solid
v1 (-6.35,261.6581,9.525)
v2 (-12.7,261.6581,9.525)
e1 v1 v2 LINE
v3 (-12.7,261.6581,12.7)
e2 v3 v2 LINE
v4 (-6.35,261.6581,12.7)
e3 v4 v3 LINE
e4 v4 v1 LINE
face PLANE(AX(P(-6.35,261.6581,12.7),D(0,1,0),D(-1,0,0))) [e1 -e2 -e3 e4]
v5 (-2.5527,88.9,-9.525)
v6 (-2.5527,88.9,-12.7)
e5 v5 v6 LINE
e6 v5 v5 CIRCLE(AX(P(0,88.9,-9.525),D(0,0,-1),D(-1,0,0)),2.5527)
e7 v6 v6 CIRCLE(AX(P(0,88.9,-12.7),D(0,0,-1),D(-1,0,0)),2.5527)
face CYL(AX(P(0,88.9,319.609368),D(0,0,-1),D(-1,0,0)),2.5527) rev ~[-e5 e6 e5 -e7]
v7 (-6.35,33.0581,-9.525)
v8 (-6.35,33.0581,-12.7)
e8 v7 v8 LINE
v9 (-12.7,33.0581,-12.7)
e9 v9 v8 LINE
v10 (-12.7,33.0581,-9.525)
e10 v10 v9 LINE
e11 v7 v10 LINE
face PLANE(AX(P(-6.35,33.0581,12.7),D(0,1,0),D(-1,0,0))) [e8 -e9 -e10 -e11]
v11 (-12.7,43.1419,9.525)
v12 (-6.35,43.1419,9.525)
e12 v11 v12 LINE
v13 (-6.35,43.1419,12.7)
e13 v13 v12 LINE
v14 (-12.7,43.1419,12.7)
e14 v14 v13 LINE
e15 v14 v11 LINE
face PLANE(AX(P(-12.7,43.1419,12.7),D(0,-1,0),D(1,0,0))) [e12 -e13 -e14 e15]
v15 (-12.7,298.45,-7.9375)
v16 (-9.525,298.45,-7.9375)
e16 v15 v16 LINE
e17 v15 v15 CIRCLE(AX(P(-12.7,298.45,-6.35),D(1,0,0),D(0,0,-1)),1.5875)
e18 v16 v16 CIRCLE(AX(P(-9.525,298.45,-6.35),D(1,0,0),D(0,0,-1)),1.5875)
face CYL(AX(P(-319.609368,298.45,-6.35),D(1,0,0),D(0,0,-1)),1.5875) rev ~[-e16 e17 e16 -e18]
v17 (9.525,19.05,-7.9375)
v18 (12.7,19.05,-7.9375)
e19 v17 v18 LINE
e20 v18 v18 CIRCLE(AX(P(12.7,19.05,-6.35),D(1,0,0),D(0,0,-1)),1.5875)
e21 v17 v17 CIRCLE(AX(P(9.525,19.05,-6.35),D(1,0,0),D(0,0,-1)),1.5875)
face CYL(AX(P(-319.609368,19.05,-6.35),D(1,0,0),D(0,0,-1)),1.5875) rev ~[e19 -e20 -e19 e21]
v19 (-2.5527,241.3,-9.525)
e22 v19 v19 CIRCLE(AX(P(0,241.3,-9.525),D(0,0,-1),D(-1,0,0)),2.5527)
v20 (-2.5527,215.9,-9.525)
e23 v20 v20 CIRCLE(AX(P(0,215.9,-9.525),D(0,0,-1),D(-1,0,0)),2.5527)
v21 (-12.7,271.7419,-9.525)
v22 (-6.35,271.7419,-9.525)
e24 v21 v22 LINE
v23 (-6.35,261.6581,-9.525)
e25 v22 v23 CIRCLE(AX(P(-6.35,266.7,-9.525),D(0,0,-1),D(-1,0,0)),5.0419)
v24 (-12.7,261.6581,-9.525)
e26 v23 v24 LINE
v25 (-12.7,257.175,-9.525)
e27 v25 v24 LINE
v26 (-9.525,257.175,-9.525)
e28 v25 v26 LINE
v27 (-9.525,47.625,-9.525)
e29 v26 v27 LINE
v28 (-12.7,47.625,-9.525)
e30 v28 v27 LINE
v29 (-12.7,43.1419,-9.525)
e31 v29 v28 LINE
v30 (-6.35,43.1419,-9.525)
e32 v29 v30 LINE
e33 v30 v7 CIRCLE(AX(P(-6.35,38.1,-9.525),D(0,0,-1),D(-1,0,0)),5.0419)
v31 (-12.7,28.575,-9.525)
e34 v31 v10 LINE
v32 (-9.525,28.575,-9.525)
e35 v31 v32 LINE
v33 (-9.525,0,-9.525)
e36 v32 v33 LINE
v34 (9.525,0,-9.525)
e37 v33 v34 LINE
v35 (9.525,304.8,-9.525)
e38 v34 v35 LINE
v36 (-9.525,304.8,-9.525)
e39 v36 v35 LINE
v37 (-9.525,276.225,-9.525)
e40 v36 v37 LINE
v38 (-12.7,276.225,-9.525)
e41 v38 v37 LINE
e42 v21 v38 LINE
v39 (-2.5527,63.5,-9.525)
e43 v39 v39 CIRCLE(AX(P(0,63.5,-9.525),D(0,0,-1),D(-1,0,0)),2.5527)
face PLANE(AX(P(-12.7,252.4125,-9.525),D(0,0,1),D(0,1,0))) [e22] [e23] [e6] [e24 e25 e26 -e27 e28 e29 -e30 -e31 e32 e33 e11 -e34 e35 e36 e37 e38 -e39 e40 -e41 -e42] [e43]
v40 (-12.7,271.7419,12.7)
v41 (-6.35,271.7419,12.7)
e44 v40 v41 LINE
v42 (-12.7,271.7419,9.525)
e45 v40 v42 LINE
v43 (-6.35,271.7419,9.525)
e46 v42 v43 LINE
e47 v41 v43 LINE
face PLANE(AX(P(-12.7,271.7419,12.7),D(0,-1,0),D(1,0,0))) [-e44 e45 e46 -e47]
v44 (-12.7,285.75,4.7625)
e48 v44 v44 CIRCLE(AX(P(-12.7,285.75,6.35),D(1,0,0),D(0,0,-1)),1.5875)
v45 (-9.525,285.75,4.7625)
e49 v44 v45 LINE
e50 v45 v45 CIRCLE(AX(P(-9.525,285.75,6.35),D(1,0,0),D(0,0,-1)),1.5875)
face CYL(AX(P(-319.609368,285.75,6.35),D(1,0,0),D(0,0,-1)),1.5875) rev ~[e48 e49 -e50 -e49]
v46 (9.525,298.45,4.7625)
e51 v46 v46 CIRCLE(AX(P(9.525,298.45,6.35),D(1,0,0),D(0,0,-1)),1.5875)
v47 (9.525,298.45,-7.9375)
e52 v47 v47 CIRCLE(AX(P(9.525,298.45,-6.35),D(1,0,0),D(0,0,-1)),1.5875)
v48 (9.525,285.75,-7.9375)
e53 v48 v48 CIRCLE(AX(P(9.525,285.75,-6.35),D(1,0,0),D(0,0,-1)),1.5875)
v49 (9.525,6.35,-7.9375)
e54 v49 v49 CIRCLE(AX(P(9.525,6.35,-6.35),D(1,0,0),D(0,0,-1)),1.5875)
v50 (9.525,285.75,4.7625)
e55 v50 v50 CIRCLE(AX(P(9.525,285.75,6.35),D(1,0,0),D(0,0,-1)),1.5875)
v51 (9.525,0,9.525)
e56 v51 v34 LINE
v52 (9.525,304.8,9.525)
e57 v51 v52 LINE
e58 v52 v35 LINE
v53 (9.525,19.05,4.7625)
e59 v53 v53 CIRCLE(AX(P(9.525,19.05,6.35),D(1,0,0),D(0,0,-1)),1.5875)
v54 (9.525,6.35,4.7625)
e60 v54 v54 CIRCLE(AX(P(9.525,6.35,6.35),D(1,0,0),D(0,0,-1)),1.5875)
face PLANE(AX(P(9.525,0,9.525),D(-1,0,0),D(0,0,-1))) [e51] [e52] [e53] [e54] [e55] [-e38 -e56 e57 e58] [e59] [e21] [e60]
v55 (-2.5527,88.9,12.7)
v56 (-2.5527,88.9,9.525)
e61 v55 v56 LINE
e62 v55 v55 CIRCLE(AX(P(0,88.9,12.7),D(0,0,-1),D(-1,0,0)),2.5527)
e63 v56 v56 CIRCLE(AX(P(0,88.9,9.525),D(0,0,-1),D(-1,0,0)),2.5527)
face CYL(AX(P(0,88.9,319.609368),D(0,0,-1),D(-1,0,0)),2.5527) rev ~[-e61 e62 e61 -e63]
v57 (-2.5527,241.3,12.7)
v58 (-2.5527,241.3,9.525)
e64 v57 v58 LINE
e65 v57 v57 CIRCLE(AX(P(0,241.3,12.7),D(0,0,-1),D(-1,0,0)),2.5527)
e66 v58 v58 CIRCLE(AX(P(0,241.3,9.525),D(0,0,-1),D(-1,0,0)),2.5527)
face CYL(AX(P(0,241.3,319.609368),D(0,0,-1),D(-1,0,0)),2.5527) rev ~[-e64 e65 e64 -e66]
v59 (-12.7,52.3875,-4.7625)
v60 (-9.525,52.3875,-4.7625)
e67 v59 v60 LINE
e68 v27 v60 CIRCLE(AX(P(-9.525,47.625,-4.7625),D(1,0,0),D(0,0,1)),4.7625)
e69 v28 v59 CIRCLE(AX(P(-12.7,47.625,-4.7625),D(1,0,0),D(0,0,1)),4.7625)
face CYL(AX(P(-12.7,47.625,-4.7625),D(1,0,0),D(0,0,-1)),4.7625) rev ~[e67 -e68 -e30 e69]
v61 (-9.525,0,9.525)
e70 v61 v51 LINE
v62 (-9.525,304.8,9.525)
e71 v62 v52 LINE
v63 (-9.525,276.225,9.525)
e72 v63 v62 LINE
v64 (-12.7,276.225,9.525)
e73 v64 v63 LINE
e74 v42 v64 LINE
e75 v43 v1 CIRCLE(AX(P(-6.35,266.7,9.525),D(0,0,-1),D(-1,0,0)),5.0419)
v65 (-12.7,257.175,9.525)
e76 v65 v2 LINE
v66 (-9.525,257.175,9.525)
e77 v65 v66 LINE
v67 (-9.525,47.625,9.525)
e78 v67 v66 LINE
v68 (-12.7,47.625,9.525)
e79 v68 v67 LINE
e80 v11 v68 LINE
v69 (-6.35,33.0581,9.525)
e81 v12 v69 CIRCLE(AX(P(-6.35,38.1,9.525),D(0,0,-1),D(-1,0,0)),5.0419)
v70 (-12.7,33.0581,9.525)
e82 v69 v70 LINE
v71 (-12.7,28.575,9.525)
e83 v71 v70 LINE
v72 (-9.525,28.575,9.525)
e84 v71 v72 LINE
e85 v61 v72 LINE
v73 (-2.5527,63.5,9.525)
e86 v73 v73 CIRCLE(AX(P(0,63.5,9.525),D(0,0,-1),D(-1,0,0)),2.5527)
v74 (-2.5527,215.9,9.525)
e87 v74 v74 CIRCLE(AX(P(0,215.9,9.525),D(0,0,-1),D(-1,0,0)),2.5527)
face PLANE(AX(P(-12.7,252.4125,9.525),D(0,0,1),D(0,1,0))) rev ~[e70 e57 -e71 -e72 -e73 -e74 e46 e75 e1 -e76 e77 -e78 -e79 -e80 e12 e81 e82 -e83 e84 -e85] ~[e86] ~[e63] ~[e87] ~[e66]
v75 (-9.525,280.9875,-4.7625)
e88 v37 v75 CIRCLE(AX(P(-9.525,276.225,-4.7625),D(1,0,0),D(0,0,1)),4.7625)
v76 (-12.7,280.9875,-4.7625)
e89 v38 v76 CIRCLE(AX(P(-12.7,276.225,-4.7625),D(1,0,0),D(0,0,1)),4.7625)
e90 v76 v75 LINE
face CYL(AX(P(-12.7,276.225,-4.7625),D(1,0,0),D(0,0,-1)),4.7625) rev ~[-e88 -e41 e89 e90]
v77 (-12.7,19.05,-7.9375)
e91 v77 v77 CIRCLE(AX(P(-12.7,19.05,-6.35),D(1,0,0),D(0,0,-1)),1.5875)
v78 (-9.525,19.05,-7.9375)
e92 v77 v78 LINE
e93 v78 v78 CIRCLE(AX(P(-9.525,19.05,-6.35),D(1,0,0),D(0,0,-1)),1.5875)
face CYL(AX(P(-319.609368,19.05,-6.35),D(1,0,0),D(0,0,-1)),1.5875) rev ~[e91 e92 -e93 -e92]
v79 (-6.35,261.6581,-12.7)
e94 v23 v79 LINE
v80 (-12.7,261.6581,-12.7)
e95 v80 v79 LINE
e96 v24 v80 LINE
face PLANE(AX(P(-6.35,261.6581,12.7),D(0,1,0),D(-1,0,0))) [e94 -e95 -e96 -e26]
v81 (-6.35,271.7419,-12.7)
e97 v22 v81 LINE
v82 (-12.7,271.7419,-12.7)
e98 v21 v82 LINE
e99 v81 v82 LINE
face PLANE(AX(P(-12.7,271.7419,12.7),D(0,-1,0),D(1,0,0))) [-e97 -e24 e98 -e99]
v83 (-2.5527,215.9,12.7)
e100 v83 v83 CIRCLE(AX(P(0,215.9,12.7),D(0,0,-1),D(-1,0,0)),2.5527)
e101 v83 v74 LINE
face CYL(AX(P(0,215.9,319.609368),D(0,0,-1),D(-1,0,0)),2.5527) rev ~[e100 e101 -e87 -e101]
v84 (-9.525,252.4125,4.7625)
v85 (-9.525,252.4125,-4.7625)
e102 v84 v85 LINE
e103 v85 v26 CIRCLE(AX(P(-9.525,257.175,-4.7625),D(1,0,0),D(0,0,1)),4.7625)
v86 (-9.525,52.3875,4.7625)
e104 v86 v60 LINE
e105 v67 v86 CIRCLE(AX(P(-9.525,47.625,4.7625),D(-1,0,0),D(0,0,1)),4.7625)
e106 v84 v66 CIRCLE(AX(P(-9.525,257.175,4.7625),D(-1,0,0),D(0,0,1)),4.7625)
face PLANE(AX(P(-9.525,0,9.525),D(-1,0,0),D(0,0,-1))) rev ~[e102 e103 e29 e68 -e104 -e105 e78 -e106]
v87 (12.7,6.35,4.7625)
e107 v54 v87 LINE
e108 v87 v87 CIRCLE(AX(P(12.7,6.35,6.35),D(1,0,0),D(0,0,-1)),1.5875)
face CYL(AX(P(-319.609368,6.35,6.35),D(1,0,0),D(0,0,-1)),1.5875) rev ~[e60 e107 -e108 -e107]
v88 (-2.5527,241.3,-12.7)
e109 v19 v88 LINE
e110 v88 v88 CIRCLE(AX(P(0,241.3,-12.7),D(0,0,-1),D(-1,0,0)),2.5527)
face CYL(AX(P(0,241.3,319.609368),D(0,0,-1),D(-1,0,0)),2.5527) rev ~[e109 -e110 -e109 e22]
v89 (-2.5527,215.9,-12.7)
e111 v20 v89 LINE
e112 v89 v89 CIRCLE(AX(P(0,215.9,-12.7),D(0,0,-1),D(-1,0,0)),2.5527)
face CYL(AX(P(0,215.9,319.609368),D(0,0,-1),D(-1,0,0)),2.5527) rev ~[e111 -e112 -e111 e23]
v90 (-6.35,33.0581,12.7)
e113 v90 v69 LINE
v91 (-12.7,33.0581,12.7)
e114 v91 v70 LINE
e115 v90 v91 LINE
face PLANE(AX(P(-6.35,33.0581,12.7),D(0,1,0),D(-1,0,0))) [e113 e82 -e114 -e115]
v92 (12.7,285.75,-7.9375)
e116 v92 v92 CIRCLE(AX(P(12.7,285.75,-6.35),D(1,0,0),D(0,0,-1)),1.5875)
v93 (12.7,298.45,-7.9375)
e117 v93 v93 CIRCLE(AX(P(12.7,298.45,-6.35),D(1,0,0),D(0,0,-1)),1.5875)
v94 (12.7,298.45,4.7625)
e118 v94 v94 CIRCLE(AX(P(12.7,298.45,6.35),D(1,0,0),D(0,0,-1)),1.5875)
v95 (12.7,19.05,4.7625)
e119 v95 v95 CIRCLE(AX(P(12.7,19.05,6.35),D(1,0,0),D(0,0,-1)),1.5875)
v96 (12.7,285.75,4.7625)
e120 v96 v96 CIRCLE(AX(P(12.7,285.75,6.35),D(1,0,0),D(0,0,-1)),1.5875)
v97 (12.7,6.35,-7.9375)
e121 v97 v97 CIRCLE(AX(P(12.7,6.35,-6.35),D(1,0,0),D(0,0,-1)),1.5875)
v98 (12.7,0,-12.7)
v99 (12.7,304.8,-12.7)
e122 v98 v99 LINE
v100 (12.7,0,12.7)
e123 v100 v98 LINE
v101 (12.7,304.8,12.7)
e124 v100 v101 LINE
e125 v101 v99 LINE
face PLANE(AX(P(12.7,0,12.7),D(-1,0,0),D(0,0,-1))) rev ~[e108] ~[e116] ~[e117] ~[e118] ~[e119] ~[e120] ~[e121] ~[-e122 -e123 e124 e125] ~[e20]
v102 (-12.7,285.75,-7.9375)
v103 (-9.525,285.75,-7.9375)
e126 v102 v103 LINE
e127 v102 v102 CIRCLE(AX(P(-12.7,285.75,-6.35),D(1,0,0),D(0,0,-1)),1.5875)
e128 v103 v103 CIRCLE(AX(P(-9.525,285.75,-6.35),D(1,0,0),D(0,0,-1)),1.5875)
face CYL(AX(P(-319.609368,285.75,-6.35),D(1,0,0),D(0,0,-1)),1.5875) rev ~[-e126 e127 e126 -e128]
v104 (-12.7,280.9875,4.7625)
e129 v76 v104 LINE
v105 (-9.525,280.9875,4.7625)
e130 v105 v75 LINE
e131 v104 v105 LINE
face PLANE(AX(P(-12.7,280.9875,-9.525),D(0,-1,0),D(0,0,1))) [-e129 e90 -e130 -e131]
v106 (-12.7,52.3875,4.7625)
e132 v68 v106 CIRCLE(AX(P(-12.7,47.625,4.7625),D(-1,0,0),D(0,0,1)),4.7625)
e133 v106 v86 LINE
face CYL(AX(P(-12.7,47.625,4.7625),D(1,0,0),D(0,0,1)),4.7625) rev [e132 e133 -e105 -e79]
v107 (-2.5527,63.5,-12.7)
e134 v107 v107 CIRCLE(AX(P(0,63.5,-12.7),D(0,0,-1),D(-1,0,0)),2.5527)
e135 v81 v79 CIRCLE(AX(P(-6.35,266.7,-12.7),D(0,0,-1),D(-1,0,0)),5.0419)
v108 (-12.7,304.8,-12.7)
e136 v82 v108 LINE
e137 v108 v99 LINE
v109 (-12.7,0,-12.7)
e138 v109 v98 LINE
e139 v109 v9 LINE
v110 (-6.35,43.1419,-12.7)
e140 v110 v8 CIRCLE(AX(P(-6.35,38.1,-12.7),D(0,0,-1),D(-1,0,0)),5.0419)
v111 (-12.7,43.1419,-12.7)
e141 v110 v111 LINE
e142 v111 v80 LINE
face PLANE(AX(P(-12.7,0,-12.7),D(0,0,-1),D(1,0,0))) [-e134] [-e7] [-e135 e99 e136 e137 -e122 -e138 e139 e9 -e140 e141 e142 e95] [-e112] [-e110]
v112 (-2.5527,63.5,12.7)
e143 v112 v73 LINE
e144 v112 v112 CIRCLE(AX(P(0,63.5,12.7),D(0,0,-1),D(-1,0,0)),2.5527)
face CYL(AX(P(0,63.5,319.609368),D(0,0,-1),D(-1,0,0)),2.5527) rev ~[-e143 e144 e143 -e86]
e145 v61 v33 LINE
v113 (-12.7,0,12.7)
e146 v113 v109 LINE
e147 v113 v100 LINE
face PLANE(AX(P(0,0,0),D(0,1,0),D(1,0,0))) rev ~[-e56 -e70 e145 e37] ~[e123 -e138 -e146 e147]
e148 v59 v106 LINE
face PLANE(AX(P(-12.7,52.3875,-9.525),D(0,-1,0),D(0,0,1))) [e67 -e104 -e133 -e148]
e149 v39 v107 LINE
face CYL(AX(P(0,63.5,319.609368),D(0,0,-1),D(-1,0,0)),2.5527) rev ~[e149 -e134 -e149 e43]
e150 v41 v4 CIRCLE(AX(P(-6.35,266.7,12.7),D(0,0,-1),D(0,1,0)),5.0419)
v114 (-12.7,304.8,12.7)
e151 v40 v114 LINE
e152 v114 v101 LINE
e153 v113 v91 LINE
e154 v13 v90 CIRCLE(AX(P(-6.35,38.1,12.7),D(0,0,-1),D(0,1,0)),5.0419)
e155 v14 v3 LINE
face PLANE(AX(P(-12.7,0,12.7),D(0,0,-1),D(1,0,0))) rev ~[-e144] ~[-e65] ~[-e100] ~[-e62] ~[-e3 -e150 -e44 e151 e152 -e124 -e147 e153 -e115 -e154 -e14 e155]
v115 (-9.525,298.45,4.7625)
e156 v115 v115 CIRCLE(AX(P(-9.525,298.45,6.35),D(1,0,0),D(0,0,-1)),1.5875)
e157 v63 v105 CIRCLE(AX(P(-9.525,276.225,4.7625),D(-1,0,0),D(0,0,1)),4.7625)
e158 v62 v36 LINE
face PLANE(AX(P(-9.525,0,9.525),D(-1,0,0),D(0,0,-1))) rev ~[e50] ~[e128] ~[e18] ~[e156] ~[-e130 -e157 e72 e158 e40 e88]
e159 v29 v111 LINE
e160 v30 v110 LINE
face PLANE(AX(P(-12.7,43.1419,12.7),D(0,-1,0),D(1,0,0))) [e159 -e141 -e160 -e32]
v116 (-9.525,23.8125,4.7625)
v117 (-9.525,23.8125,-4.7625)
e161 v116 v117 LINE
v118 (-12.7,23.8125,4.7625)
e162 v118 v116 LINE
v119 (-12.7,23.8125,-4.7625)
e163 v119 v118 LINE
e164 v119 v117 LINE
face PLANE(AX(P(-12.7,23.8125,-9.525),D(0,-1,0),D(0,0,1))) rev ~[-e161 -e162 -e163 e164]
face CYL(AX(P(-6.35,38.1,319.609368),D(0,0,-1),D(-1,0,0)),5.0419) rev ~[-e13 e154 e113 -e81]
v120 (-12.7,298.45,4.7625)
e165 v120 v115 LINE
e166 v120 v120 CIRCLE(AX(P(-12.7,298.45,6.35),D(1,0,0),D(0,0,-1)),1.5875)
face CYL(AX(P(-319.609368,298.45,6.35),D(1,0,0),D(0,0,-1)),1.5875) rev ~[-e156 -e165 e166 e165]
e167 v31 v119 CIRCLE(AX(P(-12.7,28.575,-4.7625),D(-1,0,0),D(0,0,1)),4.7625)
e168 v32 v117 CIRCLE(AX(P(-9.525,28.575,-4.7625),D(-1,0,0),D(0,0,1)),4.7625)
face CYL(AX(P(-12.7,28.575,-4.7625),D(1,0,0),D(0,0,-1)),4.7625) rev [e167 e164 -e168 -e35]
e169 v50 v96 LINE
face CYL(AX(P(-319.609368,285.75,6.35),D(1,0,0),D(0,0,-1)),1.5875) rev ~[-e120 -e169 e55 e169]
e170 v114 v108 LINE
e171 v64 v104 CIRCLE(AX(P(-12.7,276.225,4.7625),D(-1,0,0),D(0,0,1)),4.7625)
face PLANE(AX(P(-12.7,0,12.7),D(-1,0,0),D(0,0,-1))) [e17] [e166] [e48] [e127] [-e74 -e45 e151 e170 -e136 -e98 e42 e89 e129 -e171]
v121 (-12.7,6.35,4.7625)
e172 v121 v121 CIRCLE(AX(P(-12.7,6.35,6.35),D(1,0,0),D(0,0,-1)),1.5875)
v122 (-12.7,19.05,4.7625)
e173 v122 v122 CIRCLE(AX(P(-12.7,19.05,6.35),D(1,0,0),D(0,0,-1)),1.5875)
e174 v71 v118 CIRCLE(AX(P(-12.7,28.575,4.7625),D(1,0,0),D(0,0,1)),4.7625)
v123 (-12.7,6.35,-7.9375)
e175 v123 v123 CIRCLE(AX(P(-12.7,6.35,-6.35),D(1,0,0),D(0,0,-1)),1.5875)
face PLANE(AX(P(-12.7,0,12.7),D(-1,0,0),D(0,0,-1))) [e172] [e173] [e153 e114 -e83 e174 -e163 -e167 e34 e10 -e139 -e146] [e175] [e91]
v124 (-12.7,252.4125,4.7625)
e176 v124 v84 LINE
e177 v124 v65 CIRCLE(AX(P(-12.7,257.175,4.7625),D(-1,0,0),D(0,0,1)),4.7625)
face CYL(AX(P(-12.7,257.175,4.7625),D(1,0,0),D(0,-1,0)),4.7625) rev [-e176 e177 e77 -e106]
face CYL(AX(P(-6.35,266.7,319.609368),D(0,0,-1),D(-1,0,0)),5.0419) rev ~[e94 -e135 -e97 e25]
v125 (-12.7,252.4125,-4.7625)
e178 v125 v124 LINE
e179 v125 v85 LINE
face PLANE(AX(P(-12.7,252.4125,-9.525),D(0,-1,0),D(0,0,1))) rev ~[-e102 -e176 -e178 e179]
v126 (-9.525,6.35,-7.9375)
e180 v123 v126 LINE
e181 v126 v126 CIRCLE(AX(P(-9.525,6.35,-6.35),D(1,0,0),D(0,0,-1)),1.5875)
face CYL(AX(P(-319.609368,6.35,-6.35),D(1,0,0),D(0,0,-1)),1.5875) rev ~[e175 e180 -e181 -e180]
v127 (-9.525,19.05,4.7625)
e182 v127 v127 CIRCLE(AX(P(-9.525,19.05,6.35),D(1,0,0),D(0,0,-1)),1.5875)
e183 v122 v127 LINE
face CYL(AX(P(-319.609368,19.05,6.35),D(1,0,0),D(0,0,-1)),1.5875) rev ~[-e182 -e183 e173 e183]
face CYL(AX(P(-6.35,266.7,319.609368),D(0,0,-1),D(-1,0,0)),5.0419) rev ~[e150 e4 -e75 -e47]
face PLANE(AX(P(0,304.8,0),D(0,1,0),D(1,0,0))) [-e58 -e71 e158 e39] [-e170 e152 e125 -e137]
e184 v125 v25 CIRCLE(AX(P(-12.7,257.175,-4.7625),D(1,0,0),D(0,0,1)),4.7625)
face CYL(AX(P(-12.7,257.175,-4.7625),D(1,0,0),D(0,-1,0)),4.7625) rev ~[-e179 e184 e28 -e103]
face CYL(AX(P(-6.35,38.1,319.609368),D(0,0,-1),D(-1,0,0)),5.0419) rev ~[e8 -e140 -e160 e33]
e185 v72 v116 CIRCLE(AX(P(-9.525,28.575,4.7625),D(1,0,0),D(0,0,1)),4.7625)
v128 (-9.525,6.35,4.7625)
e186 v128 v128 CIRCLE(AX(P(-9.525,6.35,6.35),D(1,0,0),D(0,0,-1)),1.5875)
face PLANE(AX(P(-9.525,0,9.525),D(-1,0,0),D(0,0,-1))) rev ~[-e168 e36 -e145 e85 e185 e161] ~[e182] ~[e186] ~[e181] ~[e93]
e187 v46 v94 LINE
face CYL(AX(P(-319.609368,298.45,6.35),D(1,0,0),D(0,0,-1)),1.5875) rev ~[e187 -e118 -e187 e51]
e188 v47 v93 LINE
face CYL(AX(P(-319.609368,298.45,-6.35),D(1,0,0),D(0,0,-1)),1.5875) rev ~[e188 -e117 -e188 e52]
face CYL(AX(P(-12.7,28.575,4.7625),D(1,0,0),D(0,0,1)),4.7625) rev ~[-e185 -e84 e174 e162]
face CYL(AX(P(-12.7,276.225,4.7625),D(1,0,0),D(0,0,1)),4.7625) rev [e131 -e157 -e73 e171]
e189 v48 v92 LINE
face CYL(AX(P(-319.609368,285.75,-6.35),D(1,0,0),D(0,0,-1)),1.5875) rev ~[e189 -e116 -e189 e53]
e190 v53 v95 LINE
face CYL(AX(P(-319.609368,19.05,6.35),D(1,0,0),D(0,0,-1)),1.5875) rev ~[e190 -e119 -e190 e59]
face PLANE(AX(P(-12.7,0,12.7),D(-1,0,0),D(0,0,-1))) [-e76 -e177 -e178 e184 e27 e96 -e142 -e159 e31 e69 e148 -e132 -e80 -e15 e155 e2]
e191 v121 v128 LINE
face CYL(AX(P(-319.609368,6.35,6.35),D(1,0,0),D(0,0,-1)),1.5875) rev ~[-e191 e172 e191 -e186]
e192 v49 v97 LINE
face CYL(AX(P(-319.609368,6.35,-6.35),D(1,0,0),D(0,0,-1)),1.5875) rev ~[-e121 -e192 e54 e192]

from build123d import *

# Parameters (mm, degrees)
SKETCH1_W                    = 25.4
SKETCH1_H                    = 25.4
SKETCH1_W_2                  = 19.05
SKETCH1_H_2                  = 19.05
BOSS_EXTRUDE1_DEPTH          = 304.8
CUT_EXTRUDE3_REACH           = 308.12
SKETCH4_W                    = 19.05
SKETCH4_H                    = 28.575
F_3_8_CLEARANCE_HOLE1_D      = 10.0838
F_1_8_0_125_DIAMETER_HOLE1_D = 3.175
F_10_CLEARANCE_HOLE1_D       = 5.1054
FILLET1_R                    = 4.7625
CUT_EXTRUDE4_DEPTH           = 307.120058147


with BuildPart() as part:
    # Sketch1 → Boss-Extrude1 (new body)
    with BuildSketch(Plane(origin=(0, 0, 0), x_dir=(1, 0, 0), z_dir=(0, 1, 0))):
        Rectangle(SKETCH1_W, SKETCH1_H)
        Rectangle(SKETCH1_W_2, SKETCH1_H_2, mode=Mode.SUBTRACT)
    extrude(amount=BOSS_EXTRUDE1_DEPTH)

    # Sketch4 → Cut-Extrude3 (cut, up to next)
    with BuildSketch(Plane.ZY.offset(12.7), mode=Mode.PRIVATE) as cut_extrude3_sk1:
        with Locations((0, 266.7)):
            Rectangle(SKETCH4_W, SKETCH4_H)
    cut_extrude3_tool1 = extrude(cut_extrude3_sk1.sketch, amount=-CUT_EXTRUDE3_REACH, mode=Mode.PRIVATE) & part.part
    # Sketch4 → Cut-Extrude3 (cut, up to next)
    with BuildSketch(Plane.ZY.offset(12.7), mode=Mode.PRIVATE) as cut_extrude3_sk2:
        with Locations((0, 38.1)):
            Rectangle(SKETCH4_W, SKETCH4_H)
    cut_extrude3_tool2 = extrude(cut_extrude3_sk2.sketch, amount=-CUT_EXTRUDE3_REACH, mode=Mode.PRIVATE) & part.part
    add(cut_extrude3_tool1.solids().sort_by_distance((-12.7, 266.7, 0))[0], mode=Mode.SUBTRACT)
    add(cut_extrude3_tool2.solids().sort_by_distance((-12.7, 38.1, 0))[0], mode=Mode.SUBTRACT)

    # 3/8 Clearance Hole1 (through all)
    with Locations(Plane.XY.offset(12.7)):
        with Locations((-6.35, 266.7), (-6.35, 38.1)):
            Hole(F_3_8_CLEARANCE_HOLE1_D / 2)

    # 1/8 (0.125) Diameter Hole1 (through all)
    with Locations(Plane.ZY.offset(12.7)):
        with Locations((6.35, 6.35), (6.35, 285.75), (-6.35, 298.45), (-6.35, 285.75), (6.35, 298.45), (6.35, 19.05), (-6.35, 19.05), (-6.35, 6.35)):
            Hole(F_1_8_0_125_DIAMETER_HOLE1_D / 2)

    # #10 Clearance Hole1 (through all)
    with Locations(Plane.XY.offset(12.7)):
        with Locations((0, 63.5), (0, 88.9), (0, 241.3), (0, 215.9)):
            Hole(F_10_CLEARANCE_HOLE1_D / 2)

    # Fillet1
    fillet1_edges = [part.edges().sort_by_distance(p)[0] for p in [
        (-11.1125, 280.9875, -9.525),
        (-11.1125, 252.4125, -9.525),
        (-11.1125, 252.4125, 9.525),
        (-11.1125, 280.9875, 9.525),
        (-11.1125, 52.3875, 9.525),
        (-11.1125, 52.3875, -9.525),
        (-11.1125, 23.8125, -9.525),
        (-11.1125, 23.8125, 9.525),
    ]]
    fillet(fillet1_edges, radius=FILLET1_R)

    # Sketch11 → Cut-Extrude4 (cut, through all)
    with BuildSketch(Plane.XY.offset(12.7)):
        with BuildLine():
            Line((-6.35, 261.6581), (-12.7, 261.6581))
            ThreePointArc((-12.7, 261.6581), (-17.7419, 266.7), (-12.7, 271.7419))
            Line((-12.7, 271.7419), (-6.35, 271.7419))
            ThreePointArc((-6.35, 271.7419), (-1.3081, 266.7), (-6.35, 261.6581))
        make_face()
        with BuildLine():
            Line((-6.35, 33.0581), (-12.7, 33.0581))
            ThreePointArc((-12.7, 33.0581), (-17.7419, 38.1), (-12.7, 43.1419))
            Line((-12.7, 43.1419), (-6.35, 43.1419))
            ThreePointArc((-6.35, 43.1419), (-1.3081, 38.1), (-6.35, 33.0581))
        make_face()
    extrude(amount=-CUT_EXTRUDE4_DEPTH, mode=Mode.SUBTRACT)


solid = part.part
